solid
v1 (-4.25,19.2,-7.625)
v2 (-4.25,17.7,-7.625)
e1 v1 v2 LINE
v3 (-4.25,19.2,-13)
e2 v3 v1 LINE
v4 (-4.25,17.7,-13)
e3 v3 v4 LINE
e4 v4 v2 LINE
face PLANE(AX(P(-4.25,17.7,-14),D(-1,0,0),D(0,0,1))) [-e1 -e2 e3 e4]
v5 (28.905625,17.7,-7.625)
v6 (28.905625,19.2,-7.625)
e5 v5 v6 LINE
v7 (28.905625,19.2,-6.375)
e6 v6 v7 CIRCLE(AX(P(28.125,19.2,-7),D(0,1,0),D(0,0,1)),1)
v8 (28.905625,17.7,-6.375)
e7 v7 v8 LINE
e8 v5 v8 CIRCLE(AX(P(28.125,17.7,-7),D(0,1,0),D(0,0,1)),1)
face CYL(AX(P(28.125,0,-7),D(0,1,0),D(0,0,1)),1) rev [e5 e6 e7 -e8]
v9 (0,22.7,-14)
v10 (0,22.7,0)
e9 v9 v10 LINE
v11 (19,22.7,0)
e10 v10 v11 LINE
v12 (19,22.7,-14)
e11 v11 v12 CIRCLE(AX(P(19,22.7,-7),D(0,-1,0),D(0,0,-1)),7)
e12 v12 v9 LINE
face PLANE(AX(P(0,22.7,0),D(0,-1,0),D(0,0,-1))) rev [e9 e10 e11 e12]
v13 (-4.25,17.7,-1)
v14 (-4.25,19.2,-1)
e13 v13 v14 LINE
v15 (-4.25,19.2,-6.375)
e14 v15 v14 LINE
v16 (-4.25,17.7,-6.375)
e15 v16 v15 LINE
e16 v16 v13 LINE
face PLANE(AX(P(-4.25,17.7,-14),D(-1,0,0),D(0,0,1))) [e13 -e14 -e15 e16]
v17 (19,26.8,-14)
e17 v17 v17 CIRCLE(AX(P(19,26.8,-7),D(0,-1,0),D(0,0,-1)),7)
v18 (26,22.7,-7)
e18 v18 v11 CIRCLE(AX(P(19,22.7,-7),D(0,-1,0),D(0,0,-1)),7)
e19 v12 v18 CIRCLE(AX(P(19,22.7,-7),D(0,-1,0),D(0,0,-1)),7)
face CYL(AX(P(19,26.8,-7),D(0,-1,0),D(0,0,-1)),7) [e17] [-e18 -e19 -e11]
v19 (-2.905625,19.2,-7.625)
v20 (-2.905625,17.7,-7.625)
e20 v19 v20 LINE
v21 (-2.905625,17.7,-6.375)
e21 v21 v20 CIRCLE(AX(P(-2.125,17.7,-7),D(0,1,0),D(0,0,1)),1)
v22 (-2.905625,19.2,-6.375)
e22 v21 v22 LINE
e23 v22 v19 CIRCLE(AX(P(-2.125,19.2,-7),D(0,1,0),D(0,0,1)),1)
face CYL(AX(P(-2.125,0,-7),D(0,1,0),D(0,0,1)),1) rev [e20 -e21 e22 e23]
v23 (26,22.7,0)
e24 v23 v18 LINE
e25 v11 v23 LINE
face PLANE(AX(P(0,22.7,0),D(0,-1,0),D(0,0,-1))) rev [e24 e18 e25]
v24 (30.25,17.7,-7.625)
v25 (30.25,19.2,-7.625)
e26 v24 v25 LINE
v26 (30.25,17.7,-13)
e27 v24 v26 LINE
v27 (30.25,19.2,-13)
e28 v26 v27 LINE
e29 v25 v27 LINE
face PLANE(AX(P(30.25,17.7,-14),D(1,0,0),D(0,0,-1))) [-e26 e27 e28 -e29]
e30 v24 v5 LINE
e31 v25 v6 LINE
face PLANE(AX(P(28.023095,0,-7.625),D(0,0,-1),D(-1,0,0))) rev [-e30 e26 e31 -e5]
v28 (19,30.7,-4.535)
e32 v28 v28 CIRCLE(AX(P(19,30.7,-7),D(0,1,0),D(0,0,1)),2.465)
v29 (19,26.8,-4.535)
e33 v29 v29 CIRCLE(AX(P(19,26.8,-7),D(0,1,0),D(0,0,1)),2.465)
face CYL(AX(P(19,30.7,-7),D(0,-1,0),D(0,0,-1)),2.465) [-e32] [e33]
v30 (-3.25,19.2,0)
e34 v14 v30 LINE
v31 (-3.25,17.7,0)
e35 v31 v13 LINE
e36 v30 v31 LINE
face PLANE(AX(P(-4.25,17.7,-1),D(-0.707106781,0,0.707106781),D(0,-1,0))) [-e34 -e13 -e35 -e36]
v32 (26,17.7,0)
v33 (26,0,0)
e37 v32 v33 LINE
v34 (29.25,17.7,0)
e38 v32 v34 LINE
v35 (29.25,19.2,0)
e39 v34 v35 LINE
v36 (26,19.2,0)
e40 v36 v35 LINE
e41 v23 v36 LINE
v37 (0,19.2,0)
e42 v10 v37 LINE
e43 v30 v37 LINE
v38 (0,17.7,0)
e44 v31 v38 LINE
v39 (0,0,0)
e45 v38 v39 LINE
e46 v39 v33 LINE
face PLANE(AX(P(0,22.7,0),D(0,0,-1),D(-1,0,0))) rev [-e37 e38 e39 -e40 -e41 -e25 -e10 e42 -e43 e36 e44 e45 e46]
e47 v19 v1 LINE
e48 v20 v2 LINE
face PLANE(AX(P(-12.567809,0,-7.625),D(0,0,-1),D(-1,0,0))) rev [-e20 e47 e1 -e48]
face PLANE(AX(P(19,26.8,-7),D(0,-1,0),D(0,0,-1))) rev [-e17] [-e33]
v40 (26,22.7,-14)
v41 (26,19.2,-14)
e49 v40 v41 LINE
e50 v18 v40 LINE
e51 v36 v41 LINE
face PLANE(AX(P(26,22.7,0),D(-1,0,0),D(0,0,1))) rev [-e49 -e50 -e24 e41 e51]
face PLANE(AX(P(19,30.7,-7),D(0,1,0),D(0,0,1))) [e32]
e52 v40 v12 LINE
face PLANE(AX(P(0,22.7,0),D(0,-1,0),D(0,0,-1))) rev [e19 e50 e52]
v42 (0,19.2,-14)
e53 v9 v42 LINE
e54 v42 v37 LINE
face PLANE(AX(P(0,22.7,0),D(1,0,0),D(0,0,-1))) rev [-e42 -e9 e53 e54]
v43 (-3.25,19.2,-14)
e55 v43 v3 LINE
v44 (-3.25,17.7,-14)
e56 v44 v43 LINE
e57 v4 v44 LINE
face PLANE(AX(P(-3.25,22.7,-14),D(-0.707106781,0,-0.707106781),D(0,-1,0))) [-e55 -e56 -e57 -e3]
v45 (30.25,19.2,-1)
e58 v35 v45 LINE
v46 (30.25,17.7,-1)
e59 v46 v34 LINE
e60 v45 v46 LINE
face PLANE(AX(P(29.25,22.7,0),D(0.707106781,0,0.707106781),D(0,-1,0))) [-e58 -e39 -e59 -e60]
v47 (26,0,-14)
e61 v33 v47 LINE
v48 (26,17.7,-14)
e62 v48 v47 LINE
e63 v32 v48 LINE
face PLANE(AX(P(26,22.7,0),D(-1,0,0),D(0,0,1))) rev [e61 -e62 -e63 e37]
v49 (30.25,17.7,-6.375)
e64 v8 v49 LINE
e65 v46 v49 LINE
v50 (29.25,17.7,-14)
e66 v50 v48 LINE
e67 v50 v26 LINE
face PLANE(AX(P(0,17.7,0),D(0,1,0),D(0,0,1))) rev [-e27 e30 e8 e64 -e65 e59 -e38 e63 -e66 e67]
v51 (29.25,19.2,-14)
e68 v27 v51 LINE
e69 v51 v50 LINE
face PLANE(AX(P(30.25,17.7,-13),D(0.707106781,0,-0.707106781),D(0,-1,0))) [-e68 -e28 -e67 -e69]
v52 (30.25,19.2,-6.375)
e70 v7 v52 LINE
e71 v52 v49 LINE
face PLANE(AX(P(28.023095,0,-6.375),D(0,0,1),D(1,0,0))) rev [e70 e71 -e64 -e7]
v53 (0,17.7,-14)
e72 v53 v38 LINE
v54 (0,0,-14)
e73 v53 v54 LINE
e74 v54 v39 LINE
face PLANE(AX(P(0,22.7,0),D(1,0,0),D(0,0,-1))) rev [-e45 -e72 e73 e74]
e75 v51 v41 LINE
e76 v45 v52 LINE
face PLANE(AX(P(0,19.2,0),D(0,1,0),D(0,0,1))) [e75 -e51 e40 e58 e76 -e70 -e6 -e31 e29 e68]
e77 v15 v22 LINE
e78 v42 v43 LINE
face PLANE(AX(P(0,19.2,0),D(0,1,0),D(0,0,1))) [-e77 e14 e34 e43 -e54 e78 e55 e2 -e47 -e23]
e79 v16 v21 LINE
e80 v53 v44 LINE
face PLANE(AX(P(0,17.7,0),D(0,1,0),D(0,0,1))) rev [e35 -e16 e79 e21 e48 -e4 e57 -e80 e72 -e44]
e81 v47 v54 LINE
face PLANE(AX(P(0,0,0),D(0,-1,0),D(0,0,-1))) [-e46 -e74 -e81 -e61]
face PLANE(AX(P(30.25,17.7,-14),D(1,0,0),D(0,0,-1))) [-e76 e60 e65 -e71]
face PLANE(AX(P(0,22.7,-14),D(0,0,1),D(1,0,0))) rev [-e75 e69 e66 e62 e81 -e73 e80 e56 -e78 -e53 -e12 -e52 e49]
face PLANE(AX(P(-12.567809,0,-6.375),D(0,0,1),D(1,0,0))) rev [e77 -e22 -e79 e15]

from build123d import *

# Parameters (mm, degrees)
SKETCH1_W           = 26
SKETCH1_H           = 14
BOSS_EXTRUDE1_DEPTH = 22.7
SKETCH2_W           = 34.5
SKETCH2_H           = 14
BOSS_EXTRUDE2_DEPTH = 1.5
CHAMFER1_SIZE       = 1
SKETCH3_R           = 7
BOSS_EXTRUDE3_DEPTH = 26.8
SKETCH4_R           = 2.465
BOSS_EXTRUDE4_DEPTH = 3.9
SKETCH5_R           = 1
CUT_EXTRUDE1_DEPTH  = 39.466901357
SKETCH7_W           = 4.817382001
SKETCH7_H           = 1.25
SKETCH7_W_2         = 10.544713936
CUT_EXTRUDE2_DEPTH  = 39.466901357


with BuildPart() as part:
    # Sketch1 → Boss-Extrude1 (new body)
    with BuildSketch(Plane(origin=(0, 0, 0), x_dir=(1, 0, 0), z_dir=(0, 1, 0))):
        with Locations((13, 7)):
            Rectangle(SKETCH1_W, SKETCH1_H)
    extrude(amount=BOSS_EXTRUDE1_DEPTH)

    # Sketch2 → Boss-Extrude2 (add)
    with BuildSketch(Plane(origin=(0, 19.2, 0), x_dir=(1, 0, 0), z_dir=(0, 1, 0))):
        with Locations((13, 7)):
            Rectangle(SKETCH2_W, SKETCH2_H)
    extrude(amount=-BOSS_EXTRUDE2_DEPTH)

    # Chamfer1
    chamfer1_edges = [part.edges().sort_by_distance(p)[0] for p in [
        (-4.25, 18.45, -14),
        (30.25, 18.45, 0),
        (-4.25, 18.45, 0),
        (30.25, 18.45, -14),
    ]]
    chamfer(chamfer1_edges, length=CHAMFER1_SIZE)

    # Sketch3 → Boss-Extrude3 (add)
    with BuildSketch(Plane.XZ):
        with Locations(Location((19, -7, 0), (0, 0, 270))):
            Circle(SKETCH3_R)
    extrude(amount=-BOSS_EXTRUDE3_DEPTH)

    # Sketch4 → Boss-Extrude4 (add)
    with BuildSketch(Plane(origin=(0, 26.8, 0), x_dir=(1, 0, 0), z_dir=(0, 1, 0))):
        with Locations(Location((19, 7, 0), (0, 0, 270))):
            Circle(SKETCH4_R)
    extrude(amount=BOSS_EXTRUDE4_DEPTH)

    # Sketch5 → Cut-Extrude1 (cut, through all)
    with BuildSketch(Plane(origin=(0, 19.2, 0), x_dir=(1, 0, 0), z_dir=(0, 1, 0))):
        with Locations(Location((28.125, 7, 0), (0, 0, 270))):
            Circle(SKETCH5_R)
        with Locations(Location((-2.125, 7, 0), (0, 0, 270))):
            Circle(SKETCH5_R)
    extrude(amount=-CUT_EXTRUDE1_DEPTH, mode=Mode.SUBTRACT)

    # Sketch7 → Cut-Extrude2 (cut, through all)
    with BuildSketch(Plane(origin=(0, 19.2, 0), x_dir=(1, 0, 0), z_dir=(0, 1, 0))):
        with Locations((30.431785983, 7)):
            Rectangle(SKETCH7_W, SKETCH7_H)
        with Locations((-7.29545195, 7)):
            Rectangle(SKETCH7_W_2, SKETCH7_H)
    extrude(amount=-CUT_EXTRUDE2_DEPTH, mode=Mode.SUBTRACT)


solid = part.part
